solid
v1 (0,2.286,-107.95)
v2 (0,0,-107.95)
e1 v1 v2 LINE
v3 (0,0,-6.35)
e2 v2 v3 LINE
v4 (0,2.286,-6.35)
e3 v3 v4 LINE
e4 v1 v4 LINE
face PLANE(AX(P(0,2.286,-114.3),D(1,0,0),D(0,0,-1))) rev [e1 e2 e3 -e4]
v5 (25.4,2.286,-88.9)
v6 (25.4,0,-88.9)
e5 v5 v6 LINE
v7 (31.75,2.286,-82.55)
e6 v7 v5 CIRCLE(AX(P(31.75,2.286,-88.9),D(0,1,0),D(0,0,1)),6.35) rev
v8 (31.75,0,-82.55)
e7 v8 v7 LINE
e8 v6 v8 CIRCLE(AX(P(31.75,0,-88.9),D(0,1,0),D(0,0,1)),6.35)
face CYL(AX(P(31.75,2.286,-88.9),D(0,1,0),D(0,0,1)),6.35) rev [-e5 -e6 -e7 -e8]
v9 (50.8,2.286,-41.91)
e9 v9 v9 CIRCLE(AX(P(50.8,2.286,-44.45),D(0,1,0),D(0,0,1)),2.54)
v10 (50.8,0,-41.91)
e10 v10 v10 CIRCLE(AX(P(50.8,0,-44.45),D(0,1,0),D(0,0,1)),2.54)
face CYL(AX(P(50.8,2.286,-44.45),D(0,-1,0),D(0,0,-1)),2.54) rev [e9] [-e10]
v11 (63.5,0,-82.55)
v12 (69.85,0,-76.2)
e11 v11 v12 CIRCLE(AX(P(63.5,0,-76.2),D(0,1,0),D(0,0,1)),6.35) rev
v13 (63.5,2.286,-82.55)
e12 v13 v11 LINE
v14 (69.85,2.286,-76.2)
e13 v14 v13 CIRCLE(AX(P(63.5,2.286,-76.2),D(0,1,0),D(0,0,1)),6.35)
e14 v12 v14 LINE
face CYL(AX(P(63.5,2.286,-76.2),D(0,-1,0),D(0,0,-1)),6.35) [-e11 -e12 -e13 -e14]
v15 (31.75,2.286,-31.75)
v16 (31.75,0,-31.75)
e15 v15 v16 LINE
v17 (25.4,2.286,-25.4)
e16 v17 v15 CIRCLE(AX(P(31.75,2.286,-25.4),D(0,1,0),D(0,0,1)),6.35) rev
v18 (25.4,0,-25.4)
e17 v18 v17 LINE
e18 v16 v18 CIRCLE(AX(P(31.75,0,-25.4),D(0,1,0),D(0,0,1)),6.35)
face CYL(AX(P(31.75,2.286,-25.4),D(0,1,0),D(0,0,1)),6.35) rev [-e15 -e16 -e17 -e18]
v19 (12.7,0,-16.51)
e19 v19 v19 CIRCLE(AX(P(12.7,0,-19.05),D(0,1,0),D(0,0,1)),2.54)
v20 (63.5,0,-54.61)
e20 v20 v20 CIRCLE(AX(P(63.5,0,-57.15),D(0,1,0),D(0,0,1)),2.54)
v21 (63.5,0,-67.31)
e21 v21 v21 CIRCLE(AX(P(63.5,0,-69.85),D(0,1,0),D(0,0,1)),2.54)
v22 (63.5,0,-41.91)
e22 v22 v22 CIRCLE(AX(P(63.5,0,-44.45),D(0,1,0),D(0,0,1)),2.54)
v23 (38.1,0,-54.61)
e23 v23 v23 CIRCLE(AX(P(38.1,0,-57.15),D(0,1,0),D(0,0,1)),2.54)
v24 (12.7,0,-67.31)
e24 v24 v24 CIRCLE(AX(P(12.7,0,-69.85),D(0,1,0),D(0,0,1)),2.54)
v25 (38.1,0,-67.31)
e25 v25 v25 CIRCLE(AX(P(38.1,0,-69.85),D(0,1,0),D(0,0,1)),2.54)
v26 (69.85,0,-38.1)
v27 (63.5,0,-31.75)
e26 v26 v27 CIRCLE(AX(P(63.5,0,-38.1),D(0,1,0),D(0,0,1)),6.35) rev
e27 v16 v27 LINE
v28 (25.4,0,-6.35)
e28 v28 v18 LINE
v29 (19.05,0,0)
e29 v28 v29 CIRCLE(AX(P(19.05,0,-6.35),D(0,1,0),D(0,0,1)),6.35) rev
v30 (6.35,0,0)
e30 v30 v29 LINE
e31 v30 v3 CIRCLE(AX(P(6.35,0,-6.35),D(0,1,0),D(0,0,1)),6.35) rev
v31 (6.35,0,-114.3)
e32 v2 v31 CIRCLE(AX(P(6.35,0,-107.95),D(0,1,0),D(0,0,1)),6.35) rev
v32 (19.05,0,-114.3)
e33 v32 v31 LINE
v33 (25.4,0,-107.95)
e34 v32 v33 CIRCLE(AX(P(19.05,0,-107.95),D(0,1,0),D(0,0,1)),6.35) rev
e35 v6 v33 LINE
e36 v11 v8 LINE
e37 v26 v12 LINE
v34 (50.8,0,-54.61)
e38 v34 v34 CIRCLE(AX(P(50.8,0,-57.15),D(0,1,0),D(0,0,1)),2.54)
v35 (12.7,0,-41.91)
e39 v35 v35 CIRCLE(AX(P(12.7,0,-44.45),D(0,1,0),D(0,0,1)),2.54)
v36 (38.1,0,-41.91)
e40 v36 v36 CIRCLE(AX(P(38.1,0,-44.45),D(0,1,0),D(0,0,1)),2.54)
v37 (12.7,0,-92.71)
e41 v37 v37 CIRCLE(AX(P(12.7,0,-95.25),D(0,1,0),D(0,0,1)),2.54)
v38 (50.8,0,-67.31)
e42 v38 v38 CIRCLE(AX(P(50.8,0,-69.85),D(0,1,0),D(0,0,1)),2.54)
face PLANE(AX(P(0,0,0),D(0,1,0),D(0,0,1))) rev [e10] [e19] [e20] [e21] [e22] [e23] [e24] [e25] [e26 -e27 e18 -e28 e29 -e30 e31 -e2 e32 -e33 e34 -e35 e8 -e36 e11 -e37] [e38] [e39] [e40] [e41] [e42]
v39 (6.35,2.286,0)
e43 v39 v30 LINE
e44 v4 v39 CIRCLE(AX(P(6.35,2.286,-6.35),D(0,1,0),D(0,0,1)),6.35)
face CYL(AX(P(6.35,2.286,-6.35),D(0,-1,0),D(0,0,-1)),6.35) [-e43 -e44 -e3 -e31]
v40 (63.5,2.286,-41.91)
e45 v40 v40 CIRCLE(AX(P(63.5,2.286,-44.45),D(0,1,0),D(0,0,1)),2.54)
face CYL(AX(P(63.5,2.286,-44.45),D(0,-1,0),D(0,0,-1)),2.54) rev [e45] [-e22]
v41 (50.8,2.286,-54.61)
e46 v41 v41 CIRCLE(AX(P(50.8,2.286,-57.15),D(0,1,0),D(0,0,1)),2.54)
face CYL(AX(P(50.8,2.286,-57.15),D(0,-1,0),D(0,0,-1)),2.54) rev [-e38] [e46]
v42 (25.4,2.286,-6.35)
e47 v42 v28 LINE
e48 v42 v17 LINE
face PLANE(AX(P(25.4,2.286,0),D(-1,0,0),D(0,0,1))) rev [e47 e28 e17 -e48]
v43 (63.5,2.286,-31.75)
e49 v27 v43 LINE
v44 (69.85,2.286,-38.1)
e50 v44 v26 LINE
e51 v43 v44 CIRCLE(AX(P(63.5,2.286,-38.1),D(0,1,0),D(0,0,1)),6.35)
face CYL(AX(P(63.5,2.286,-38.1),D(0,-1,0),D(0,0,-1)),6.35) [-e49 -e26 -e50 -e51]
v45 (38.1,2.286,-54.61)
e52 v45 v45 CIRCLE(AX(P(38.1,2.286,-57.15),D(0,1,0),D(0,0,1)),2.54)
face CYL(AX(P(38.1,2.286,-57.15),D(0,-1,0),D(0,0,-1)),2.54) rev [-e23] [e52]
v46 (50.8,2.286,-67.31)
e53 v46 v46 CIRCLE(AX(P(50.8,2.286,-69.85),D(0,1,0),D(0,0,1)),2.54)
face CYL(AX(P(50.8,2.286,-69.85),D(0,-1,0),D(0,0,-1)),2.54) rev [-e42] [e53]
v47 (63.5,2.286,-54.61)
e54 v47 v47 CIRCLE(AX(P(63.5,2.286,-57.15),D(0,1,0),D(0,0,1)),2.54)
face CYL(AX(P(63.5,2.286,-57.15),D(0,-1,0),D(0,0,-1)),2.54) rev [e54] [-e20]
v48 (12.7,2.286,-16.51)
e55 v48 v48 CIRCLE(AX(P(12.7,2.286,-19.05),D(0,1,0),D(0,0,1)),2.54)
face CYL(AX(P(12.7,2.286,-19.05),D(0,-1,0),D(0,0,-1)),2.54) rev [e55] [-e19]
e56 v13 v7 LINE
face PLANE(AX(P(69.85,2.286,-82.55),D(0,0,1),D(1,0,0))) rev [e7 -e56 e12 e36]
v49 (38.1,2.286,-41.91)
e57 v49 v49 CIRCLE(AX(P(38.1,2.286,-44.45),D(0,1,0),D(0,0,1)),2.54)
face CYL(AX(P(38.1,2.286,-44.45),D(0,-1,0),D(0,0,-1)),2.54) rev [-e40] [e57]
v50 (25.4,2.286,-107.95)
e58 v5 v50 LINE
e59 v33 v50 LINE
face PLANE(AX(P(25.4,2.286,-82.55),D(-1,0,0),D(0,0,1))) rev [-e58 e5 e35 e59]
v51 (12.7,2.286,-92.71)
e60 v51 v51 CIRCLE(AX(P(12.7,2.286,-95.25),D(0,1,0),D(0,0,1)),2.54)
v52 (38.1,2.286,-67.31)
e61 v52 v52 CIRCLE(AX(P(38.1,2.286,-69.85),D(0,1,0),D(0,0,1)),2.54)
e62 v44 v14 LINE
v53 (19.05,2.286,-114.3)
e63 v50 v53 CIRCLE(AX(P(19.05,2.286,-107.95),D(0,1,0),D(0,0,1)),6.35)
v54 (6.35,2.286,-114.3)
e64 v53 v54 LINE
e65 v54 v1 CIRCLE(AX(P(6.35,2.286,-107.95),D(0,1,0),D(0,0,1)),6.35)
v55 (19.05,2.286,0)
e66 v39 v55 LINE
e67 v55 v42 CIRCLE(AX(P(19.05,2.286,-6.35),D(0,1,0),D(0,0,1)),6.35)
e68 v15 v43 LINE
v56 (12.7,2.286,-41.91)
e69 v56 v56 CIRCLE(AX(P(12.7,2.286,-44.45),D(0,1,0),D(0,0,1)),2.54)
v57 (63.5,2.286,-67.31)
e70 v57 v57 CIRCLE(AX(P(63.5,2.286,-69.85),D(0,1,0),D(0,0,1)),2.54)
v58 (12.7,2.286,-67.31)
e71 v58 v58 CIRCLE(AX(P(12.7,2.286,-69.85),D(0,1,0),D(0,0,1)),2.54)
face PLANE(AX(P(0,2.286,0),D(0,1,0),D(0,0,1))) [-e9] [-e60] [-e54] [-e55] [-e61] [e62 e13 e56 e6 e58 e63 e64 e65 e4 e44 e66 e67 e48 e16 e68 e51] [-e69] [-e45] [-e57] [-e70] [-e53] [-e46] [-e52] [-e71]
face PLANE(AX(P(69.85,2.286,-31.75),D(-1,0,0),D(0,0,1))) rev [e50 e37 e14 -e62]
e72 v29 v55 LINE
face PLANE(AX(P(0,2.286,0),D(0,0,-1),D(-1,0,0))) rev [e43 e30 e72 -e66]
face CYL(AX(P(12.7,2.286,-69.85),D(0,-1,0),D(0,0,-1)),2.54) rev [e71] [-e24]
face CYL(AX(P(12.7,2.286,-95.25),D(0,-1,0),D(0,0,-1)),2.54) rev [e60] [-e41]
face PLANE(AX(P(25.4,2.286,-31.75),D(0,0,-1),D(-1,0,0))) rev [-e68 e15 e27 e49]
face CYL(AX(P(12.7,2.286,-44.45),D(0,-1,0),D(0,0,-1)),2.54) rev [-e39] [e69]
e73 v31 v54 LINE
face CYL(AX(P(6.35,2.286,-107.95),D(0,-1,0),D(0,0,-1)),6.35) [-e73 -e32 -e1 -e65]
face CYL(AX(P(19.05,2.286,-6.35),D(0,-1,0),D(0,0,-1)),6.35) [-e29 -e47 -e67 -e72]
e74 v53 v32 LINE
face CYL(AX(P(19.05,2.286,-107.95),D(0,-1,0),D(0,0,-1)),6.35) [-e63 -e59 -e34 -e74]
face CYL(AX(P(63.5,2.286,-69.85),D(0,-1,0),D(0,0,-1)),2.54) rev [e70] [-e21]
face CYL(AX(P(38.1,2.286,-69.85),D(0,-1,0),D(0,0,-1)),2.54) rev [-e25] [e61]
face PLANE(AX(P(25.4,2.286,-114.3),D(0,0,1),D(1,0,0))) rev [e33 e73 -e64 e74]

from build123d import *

# Parameters (mm, degrees)
SKETCH1_R           = 2.54
BOSS_EXTRUDE1_DEPTH = 2.286
FILLET1_R           = 6.35


with BuildPart() as part:
    # Sketch1 → Boss-Extrude1 (new body)
    with BuildSketch(Plane(origin=(0, 0, 0), x_dir=(1, 0, 0), z_dir=(0, 1, 0))):
        Polygon((25.4, 114.3), (0, 114.3), (0, 0), (25.4, 0), (25.4, 31.75), (69.85, 31.75), (69.85, 82.55), (25.4, 82.55), align=None)
        with Locations(Location((12.7, 95.25, 0), (0, 0, 270))):
            Circle(SKETCH1_R, mode=Mode.SUBTRACT)
        with Locations(Location((12.7, 69.85, 0), (0, 0, 270))):
            Circle(SKETCH1_R, mode=Mode.SUBTRACT)
        with Locations(Location((12.7, 44.45, 0), (0, 0, 270))):
            Circle(SKETCH1_R, mode=Mode.SUBTRACT)
        with Locations(Location((12.7, 19.05, 0), (0, 0, 270))):
            Circle(SKETCH1_R, mode=Mode.SUBTRACT)
        with Locations(Location((38.1, 69.85, 0), (0, 0, 270))):
            Circle(SKETCH1_R, mode=Mode.SUBTRACT)
        with Locations(Location((50.8, 69.85, 0), (0, 0, 270))):
            Circle(SKETCH1_R, mode=Mode.SUBTRACT)
        with Locations(Location((63.5, 69.85, 0), (0, 0, 270))):
            Circle(SKETCH1_R, mode=Mode.SUBTRACT)
        with Locations(Location((50.8, 57.15, 0), (0, 0, 270))):
            Circle(SKETCH1_R, mode=Mode.SUBTRACT)
        with Locations(Location((63.5, 57.15, 0), (0, 0, 270))):
            Circle(SKETCH1_R, mode=Mode.SUBTRACT)
        with Locations(Location((50.8, 44.45, 0), (0, 0, 270))):
            Circle(SKETCH1_R, mode=Mode.SUBTRACT)
        with Locations(Location((63.5, 44.45, 0), (0, 0, 270))):
            Circle(SKETCH1_R, mode=Mode.SUBTRACT)
        with Locations(Location((38.1, 57.15, 0), (0, 0, 270))):
            Circle(SKETCH1_R, mode=Mode.SUBTRACT)
        with Locations(Location((38.1, 44.45, 0), (0, 0, 270))):
            Circle(SKETCH1_R, mode=Mode.SUBTRACT)
    extrude(amount=BOSS_EXTRUDE1_DEPTH)

    # Fillet1
    fillet1_edges = [part.edges().sort_by_distance(p)[0] for p in [
        (25.4, 1.143, -82.55),
        (69.85, 1.143, -82.55),
        (69.85, 1.143, -31.75),
        (25.4, 1.143, -31.75),
        (25.4, 1.143, 0),
        (0, 1.143, 0),
        (0, 1.143, -114.3),
        (25.4, 1.143, -114.3),
    ]]
    fillet(fillet1_edges, radius=FILLET1_R)


solid = part.part
